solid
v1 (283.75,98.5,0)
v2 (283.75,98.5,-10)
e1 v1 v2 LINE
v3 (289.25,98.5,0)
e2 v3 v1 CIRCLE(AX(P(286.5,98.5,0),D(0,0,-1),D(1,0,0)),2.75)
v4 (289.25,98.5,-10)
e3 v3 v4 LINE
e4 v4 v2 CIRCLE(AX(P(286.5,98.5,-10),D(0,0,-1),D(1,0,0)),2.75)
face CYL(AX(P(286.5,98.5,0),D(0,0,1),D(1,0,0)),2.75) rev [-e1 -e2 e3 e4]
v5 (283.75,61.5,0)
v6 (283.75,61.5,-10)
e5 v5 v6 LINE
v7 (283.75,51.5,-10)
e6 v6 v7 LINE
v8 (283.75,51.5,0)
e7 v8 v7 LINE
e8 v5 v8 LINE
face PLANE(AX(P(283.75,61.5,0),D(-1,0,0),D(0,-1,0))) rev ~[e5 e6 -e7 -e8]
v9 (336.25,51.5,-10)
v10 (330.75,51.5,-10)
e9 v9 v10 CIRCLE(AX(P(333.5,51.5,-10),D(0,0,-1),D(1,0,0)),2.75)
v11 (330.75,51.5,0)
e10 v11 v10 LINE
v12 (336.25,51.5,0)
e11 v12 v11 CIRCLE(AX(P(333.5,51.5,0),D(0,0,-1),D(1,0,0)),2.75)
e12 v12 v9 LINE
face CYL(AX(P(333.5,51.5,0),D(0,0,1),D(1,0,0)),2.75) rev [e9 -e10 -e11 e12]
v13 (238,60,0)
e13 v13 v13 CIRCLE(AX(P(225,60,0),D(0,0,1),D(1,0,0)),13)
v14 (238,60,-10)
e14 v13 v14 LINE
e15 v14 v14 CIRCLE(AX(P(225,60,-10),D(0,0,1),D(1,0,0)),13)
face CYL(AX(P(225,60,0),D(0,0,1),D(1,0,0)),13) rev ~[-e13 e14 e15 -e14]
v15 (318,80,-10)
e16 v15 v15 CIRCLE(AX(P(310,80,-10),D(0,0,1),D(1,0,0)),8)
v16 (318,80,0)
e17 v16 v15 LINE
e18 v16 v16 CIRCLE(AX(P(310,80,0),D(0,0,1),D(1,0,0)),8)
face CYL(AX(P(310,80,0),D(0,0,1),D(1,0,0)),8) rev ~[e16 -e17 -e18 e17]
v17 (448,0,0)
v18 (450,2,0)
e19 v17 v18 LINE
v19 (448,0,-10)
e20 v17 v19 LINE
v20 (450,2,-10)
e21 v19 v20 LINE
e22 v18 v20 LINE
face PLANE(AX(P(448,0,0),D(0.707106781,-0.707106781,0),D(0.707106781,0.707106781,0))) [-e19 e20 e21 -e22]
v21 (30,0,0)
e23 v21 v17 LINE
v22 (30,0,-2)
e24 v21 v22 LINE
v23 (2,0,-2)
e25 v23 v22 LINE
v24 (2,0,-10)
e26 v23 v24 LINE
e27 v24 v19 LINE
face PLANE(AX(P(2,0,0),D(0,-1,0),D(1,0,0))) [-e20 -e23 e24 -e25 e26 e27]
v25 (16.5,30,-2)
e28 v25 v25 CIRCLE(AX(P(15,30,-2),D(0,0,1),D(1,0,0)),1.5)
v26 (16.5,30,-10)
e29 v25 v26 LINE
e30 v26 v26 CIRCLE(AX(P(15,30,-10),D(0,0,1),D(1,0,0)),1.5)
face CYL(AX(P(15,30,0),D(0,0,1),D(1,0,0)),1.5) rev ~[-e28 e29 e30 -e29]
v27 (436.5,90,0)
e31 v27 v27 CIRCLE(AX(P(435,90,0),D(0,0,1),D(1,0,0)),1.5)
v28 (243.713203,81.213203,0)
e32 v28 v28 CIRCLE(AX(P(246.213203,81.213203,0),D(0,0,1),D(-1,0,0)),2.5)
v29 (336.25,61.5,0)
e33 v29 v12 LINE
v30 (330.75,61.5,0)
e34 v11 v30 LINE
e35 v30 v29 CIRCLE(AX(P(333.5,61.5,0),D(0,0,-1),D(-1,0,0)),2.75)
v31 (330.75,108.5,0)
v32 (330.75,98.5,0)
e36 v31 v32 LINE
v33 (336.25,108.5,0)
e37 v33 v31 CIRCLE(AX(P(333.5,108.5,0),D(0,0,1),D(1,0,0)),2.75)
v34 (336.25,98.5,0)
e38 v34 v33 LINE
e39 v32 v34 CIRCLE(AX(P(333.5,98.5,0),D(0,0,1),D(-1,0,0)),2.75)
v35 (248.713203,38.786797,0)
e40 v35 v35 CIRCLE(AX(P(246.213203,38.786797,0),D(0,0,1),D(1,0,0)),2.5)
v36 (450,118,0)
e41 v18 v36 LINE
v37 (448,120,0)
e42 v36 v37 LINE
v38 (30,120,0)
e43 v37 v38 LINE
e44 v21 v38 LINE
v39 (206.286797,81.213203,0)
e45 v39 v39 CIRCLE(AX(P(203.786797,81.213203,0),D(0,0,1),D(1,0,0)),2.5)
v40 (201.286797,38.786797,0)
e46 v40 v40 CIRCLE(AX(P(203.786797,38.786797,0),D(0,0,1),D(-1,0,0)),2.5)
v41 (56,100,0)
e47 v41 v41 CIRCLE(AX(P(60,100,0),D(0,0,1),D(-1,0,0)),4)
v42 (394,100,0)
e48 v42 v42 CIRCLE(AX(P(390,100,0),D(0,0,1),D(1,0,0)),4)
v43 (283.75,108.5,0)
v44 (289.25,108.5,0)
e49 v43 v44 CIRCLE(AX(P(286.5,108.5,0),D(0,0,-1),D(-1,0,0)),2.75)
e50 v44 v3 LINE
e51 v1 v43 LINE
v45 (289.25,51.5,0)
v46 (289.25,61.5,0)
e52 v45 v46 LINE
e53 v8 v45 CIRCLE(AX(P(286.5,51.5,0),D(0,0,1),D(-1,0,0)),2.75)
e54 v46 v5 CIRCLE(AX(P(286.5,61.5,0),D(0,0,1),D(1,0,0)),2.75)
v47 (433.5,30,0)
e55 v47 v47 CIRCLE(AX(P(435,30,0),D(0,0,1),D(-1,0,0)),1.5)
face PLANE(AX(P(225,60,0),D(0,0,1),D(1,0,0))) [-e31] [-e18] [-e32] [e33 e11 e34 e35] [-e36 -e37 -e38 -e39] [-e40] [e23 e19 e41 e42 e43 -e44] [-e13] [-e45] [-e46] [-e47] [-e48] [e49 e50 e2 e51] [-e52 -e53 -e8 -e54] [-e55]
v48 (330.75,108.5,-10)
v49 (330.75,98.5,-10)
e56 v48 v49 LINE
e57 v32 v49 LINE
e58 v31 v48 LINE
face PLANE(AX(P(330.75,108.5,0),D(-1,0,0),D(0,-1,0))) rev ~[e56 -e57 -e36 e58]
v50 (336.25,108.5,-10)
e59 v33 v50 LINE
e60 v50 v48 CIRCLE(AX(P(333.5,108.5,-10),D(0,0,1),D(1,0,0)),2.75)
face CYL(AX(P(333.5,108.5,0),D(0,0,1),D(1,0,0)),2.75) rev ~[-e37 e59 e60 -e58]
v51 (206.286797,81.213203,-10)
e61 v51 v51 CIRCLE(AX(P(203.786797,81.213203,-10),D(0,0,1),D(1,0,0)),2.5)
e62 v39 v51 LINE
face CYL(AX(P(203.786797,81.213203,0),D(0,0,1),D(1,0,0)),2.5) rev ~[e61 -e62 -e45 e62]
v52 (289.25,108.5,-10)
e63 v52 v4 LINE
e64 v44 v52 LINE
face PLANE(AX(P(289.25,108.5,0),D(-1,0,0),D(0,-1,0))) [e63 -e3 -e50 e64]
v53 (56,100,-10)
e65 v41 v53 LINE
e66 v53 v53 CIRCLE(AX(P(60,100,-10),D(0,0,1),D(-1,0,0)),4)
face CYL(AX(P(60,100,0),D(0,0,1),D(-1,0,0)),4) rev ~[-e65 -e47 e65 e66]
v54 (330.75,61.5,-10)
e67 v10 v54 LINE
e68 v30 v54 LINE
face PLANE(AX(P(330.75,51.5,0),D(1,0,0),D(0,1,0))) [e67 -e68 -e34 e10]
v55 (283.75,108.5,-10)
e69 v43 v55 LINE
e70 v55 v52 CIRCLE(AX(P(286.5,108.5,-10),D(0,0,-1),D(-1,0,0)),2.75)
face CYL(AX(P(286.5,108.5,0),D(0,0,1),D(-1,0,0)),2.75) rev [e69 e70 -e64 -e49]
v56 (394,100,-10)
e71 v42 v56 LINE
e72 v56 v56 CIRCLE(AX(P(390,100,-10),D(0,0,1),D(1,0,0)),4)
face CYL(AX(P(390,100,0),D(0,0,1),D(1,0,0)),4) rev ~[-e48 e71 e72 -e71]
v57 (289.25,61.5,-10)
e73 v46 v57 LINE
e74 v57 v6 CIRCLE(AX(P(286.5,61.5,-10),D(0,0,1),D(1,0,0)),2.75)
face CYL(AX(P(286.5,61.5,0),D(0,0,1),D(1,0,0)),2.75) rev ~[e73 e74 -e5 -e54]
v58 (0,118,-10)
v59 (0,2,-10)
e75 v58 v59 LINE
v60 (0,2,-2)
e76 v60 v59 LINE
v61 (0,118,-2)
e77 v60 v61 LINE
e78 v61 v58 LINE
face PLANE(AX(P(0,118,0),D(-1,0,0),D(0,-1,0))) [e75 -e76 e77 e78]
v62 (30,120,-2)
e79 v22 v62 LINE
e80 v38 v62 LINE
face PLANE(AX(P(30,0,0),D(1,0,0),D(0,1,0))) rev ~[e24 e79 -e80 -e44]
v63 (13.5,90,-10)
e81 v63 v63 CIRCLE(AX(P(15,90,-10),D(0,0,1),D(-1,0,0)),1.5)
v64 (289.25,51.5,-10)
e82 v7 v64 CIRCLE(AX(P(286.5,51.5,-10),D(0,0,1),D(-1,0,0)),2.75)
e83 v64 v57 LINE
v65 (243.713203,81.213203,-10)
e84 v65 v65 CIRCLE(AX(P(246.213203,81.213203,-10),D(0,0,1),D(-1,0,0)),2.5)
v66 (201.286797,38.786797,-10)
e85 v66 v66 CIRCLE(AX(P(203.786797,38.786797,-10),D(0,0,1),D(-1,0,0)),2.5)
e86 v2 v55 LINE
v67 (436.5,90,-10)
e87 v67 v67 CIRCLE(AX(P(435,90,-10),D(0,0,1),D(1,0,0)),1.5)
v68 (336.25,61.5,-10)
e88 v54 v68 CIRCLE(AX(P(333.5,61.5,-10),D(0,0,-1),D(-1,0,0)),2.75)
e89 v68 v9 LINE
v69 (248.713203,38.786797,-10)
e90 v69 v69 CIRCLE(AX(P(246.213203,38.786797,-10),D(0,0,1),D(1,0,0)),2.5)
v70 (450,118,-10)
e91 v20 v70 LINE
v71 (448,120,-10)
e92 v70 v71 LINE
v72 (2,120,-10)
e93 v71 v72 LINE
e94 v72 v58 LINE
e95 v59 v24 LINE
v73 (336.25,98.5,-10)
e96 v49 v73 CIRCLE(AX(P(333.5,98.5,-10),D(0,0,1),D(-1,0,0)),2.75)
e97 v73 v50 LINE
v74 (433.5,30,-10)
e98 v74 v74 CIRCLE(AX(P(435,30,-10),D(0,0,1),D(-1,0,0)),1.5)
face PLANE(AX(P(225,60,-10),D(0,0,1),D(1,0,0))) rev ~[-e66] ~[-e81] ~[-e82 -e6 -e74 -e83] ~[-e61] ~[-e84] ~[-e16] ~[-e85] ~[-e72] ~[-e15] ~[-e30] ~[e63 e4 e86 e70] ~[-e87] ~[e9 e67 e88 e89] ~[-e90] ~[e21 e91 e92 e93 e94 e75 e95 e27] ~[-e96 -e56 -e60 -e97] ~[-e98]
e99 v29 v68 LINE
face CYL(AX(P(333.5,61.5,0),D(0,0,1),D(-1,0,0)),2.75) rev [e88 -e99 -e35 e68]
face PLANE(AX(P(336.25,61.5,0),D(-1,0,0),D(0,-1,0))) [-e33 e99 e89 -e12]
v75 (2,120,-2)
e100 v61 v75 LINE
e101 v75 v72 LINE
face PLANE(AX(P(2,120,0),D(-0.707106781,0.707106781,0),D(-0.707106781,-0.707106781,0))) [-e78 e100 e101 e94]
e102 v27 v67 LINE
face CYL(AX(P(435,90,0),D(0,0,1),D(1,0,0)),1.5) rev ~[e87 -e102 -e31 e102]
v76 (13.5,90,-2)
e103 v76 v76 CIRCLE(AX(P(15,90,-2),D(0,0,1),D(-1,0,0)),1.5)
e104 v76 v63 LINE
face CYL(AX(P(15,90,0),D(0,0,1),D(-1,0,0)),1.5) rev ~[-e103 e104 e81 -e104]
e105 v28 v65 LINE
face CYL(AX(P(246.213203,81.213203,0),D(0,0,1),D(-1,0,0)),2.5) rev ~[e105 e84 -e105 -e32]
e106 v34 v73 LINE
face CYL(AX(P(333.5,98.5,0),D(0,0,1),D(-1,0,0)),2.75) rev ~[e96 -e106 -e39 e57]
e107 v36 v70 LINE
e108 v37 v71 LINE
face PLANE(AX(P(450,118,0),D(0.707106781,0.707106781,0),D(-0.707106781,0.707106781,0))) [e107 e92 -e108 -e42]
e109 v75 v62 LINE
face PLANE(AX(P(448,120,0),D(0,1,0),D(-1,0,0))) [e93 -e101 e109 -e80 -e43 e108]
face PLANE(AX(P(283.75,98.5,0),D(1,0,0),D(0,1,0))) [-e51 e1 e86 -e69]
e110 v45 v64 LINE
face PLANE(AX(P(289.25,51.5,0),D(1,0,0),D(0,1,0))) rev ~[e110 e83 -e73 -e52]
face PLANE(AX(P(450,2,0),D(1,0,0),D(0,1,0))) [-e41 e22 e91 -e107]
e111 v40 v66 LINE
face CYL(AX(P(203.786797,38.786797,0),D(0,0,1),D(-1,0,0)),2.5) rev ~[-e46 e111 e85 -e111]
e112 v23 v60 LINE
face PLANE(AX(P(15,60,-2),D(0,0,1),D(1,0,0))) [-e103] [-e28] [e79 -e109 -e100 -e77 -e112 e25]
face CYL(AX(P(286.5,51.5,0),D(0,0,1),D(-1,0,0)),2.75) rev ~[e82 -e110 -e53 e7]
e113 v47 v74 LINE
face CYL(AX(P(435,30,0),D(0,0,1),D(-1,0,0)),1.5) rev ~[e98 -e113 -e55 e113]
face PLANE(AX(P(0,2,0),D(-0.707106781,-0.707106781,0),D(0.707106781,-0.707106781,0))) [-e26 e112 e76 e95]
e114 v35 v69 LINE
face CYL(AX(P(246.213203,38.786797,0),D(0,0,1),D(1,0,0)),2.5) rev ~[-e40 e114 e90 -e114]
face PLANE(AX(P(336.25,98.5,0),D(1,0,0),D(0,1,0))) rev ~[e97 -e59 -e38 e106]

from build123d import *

# Parameters (mm, degrees)
SCHIZZO1_R                   = 13
SCHIZZO1_R_2                 = 2.5
SCHIZZO1_R_3                 = 4
SCHIZZO1_R_4                 = 1.5
SCHIZZO1_R_5                 = 8
ESTRUSIONE_ESTRUSIONE1_DEPTH = 10
SCHIZZO2_W                   = 30
SCHIZZO2_H                   = 120
TAGLIO_ESTRUSIONE1_DEPTH     = 2


with BuildPart() as part:
    # Schizzo1 → Estrusione-Estrusione1 (new body)
    with BuildSketch(Plane.XY):
        Polygon((2, 0), (448, 0), (450, 2), (450, 118), (448, 120), (2, 120), (0, 118), (0, 2), align=None)
        with Locations((225, 60)):
            Circle(SCHIZZO1_R, mode=Mode.SUBTRACT)
        with Locations(Location((246.213203436, 81.213203436, 0), (0, 0, 180))):
            Circle(SCHIZZO1_R_2, mode=Mode.SUBTRACT)
        with Locations((390, 100)):
            Circle(SCHIZZO1_R_3, mode=Mode.SUBTRACT)
        with Locations((246.213203436, 38.786796564)):
            Circle(SCHIZZO1_R_2, mode=Mode.SUBTRACT)
        with Locations(Location((203.786796564, 38.786796564, 0), (0, 0, 180))):
            Circle(SCHIZZO1_R_2, mode=Mode.SUBTRACT)
        with Locations(Location((60, 100, 0), (0, 0, 180))):
            Circle(SCHIZZO1_R_3, mode=Mode.SUBTRACT)
        with Locations((15, 30)):
            Circle(SCHIZZO1_R_4, mode=Mode.SUBTRACT)
        with Locations(Location((435, 30, 0), (0, 0, 180))):
            Circle(SCHIZZO1_R_4, mode=Mode.SUBTRACT)
        with Locations((203.786796564, 81.213203436)):
            Circle(SCHIZZO1_R_2, mode=Mode.SUBTRACT)
        with Locations((435, 90)):
            Circle(SCHIZZO1_R_4, mode=Mode.SUBTRACT)
        with Locations(Location((15, 90, 0), (0, 0, 180))):
            Circle(SCHIZZO1_R_4, mode=Mode.SUBTRACT)
        with Locations((310, 80)):
            Circle(SCHIZZO1_R_5, mode=Mode.SUBTRACT)
        with BuildLine():
            Line((330.75, 108.5), (330.75, 98.5))
            ThreePointArc((330.75, 98.5), (333.5, 95.75), (336.25, 98.5))
            Line((336.25, 98.5), (336.25, 108.5))
            ThreePointArc((336.25, 108.5), (333.5, 111.25), (330.75, 108.5))
        make_face(mode=Mode.SUBTRACT)
        with BuildLine():
            Line((289.25, 108.5), (289.25, 98.5))
            ThreePointArc((289.25, 98.5), (286.5, 95.75), (283.75, 98.5))
            Line((283.75, 98.5), (283.75, 108.5))
            ThreePointArc((283.75, 108.5), (286.5, 111.25), (289.25, 108.5))
        make_face(mode=Mode.SUBTRACT)
        with BuildLine():
            Line((330.75, 51.5), (330.75, 61.5))
            ThreePointArc((330.75, 61.5), (333.5, 64.25), (336.25, 61.5))
            Line((336.25, 61.5), (336.25, 51.5))
            ThreePointArc((336.25, 51.5), (333.5, 48.75), (330.75, 51.5))
        make_face(mode=Mode.SUBTRACT)
        with BuildLine():
            Line((289.25, 51.5), (289.25, 61.5))
            ThreePointArc((289.25, 61.5), (286.5, 64.25), (283.75, 61.5))
            Line((283.75, 61.5), (283.75, 51.5))
            ThreePointArc((283.75, 51.5), (286.5, 48.75), (289.25, 51.5))
        make_face(mode=Mode.SUBTRACT)
    extrude(amount=-ESTRUSIONE_ESTRUSIONE1_DEPTH)

    # Schizzo2 → Taglio-Estrusione1 (cut)
    with BuildSketch(Plane.XY):
        with Locations((15, 60)):
            Rectangle(SCHIZZO2_W, SCHIZZO2_H)
        with Locations((615.438855383, 60)):
            Rectangle(SCHIZZO2_W, SCHIZZO2_H)
    extrude(amount=-TAGLIO_ESTRUSIONE1_DEPTH, mode=Mode.SUBTRACT)


solid = part.part
